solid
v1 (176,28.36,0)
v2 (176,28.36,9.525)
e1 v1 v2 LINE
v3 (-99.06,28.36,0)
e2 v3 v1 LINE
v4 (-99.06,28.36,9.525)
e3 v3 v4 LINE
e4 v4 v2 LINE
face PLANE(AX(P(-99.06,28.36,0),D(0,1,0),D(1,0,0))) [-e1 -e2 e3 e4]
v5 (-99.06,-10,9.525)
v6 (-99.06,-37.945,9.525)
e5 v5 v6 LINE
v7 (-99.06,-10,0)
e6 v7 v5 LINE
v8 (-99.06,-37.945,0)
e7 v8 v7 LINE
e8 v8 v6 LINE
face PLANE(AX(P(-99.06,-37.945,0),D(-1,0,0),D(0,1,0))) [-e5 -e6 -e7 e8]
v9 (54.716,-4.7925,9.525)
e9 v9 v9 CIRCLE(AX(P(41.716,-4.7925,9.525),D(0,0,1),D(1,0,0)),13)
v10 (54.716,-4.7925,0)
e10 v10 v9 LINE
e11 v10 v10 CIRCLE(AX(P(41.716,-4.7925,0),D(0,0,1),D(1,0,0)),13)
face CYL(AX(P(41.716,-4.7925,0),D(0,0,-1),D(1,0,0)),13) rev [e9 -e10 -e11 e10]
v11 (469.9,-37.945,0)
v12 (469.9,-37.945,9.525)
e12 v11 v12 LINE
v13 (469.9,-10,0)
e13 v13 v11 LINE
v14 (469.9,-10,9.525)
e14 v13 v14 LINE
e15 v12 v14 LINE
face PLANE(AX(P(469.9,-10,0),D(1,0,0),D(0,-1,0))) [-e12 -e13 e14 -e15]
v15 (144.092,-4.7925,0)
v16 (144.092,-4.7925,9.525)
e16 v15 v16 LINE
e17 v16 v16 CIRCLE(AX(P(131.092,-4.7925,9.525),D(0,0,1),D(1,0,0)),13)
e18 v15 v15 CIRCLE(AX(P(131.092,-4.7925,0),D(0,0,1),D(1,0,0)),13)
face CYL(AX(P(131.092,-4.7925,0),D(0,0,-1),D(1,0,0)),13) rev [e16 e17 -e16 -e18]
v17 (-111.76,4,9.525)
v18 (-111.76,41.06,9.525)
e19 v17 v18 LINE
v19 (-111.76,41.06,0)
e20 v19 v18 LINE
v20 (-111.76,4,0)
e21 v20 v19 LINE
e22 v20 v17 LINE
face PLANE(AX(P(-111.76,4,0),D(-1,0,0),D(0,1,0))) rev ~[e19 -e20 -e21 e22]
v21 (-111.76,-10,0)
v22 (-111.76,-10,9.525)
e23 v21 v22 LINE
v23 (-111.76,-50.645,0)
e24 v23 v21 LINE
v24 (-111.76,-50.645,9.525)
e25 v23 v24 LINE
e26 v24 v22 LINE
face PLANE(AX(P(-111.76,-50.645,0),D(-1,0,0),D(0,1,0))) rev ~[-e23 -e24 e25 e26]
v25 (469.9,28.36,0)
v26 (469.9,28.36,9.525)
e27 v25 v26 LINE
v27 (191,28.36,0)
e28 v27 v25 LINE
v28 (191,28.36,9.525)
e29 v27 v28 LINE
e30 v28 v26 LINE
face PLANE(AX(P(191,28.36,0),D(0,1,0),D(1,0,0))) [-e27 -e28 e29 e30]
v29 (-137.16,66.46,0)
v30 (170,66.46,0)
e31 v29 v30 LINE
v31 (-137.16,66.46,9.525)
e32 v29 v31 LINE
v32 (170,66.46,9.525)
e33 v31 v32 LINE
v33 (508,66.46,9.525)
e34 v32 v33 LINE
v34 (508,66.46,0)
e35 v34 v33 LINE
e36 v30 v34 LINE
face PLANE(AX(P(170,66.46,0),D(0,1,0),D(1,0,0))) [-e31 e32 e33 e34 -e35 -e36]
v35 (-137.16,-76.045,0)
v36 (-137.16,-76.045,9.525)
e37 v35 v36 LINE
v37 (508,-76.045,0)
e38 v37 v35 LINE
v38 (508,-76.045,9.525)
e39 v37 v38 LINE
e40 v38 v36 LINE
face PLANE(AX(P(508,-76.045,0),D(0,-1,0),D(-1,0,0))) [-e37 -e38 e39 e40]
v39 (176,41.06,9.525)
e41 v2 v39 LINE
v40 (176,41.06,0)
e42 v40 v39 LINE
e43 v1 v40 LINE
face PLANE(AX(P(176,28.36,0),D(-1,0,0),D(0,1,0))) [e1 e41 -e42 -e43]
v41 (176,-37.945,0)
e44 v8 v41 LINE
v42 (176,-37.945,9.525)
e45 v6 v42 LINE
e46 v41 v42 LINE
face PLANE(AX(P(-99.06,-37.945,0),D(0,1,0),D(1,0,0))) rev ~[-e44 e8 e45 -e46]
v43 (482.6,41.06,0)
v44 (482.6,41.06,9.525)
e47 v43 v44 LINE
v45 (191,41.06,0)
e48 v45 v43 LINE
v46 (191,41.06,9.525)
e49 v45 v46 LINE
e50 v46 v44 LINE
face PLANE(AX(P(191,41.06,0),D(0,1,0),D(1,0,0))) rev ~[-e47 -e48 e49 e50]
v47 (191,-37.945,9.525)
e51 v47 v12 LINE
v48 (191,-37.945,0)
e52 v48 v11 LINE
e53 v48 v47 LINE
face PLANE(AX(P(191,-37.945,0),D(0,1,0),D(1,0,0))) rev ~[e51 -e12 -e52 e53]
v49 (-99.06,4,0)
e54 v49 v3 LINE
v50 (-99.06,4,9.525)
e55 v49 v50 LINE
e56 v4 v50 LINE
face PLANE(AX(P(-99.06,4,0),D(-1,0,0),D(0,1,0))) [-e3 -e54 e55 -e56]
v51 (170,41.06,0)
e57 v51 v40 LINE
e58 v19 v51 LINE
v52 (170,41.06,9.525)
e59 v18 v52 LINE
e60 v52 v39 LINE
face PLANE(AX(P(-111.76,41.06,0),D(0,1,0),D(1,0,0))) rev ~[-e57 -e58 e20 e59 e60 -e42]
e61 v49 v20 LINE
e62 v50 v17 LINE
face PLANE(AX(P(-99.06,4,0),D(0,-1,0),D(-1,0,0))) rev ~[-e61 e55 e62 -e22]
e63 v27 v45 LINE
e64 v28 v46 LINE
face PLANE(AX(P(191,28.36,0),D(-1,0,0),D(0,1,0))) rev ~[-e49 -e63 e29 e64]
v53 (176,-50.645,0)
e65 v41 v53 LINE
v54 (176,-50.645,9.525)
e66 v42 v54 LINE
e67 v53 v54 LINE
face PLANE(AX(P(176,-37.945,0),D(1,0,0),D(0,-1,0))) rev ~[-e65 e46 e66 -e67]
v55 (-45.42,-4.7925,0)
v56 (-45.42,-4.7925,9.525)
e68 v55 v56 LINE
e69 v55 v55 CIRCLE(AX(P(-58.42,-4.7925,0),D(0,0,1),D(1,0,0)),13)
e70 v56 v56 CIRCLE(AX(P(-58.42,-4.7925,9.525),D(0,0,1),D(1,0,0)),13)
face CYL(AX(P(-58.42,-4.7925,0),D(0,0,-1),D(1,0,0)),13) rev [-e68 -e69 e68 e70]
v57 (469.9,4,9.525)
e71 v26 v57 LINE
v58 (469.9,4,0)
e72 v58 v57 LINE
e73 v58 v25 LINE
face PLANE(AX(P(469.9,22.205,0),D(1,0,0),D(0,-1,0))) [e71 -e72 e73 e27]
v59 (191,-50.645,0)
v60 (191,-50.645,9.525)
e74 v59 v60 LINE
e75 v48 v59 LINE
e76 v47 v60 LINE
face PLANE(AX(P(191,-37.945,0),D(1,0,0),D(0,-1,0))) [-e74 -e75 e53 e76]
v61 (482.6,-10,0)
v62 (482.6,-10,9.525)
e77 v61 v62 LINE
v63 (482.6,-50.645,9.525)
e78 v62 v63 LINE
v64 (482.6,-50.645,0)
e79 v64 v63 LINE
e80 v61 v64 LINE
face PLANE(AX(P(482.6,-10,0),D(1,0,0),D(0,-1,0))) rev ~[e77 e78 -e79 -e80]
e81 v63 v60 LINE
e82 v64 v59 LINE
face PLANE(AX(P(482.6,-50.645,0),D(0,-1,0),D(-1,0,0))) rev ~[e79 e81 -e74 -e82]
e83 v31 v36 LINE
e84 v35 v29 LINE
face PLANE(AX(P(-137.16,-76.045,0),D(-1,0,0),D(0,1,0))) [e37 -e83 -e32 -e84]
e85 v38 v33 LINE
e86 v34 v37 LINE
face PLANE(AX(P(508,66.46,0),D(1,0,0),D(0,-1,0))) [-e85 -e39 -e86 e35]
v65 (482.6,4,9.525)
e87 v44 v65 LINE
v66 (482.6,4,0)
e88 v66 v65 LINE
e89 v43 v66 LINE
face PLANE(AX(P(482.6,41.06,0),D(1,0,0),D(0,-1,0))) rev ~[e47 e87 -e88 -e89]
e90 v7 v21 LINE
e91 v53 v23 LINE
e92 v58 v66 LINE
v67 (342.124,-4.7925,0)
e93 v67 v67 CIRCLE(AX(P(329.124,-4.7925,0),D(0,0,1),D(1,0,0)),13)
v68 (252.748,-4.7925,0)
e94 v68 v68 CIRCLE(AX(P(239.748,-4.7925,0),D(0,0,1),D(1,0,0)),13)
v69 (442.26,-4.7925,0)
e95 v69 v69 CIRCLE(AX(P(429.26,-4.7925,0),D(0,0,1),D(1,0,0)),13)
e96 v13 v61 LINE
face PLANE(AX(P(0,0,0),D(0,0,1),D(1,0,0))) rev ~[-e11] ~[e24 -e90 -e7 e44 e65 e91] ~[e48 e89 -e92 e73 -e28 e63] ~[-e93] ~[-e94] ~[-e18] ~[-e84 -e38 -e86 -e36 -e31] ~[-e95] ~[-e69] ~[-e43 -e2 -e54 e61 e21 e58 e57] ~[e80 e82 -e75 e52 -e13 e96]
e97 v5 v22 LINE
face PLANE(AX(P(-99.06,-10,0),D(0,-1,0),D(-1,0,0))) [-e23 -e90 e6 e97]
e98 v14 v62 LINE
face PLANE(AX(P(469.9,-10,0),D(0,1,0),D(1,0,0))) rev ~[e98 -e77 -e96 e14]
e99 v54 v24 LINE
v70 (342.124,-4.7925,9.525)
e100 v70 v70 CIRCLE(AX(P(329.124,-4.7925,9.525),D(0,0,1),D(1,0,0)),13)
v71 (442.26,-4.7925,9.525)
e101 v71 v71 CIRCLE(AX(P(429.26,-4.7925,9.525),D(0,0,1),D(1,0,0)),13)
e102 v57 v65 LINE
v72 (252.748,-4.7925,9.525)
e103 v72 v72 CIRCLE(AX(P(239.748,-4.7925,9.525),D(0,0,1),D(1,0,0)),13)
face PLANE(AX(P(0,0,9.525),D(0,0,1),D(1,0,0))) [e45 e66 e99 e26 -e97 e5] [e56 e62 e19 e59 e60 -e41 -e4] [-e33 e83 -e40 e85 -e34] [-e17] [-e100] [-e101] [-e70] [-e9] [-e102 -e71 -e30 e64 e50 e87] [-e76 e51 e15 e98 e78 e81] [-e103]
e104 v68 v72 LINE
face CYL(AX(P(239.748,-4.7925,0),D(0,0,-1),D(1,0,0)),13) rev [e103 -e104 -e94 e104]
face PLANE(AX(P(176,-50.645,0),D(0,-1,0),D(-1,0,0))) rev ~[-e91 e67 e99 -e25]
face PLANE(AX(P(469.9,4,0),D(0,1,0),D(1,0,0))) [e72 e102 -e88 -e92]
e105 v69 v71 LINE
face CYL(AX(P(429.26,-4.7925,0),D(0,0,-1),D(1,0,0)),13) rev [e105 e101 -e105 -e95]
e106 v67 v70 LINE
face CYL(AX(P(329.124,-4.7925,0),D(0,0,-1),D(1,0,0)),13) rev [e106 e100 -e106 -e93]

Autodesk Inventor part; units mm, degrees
ref_plane "YZ Plane" through (0, 0, 0) normal (1, 0, 0) x (0, 1, 0)
ref_plane "XZ Plane" through (0, 0, 0) normal (0, 1, 0) x (-1, 0, 0)
ref_plane "XY Plane" through (0, 0, 0) normal (0, 0, 1) x (1, 0, 0)
sketch "Sketch1" plane through (0, 0, 0) normal (0, 0, 1) x (1, 0, 0)
  line L0 (469.9, 22.205) -> (469.9, -34.945)
  line L1 (-99.06, -34.945) -> (-99.06, 22.205)
  circle A0 centre (-58.42, -4.7925) radius 13
  circle A1 centre (41.716, -4.7925) radius 13
  circle A2 centre (131.092, -4.7925) radius 13
  circle A3 centre (429.26, -4.7925) radius 13
  circle A4 centre (329.124, -4.7925) radius 13
  circle A5 centre (239.748, -4.7925) radius 13
  line L2 (-99.06, 28.36) -> (469.9, 28.36)
  line L3 (-99.06, -37.945) -> (469.9, -37.945)
  line L4 (-99.06, 22.205) -> (-99.06, 28.36)
  line L5 (-99.06, -37.945) -> (-99.06, -34.945)
  line L6 (469.9, -37.945) -> (469.9, -34.945)
  line L7 (469.9, 22.205) -> (469.9, 28.36)
  line L8 (-111.76, 41.06) -> (482.6, 41.06)
  line L9 (482.6, 41.06) -> (482.6, -50.645)
  line L10 (482.6, -50.645) -> (-111.76, -50.645)
  line L11 (-111.76, -50.645) -> (-111.76, 41.06)
  line L12 (508, 63.305) -> (508, -76.045)
  line L13 (508, -76.045) -> (-137.16, -76.045)
  line L14 (-137.16, -76.045) -> (-137.16, 63.305)
  line L15 (170, 41.06) -> (170, 66.46)
  line L16 (-137.16, 66.46) -> (508, 66.46)
  line L17 (508, 66.46) -> (508, 63.305)
  line L18 (-137.16, 66.46) -> (-137.16, 62)
  line L19 (-99.06, 4) -> (-111.76, 4)
  line L20 (-99.06, -10) -> (-111.76, -10)
  line L21 (176, 28.36) -> (176, 41.06)
  line L22 (191, 28.36) -> (191, 41.06)
  line L23 (176, -37.945) -> (176, -50.645)
  line L24 (191, -37.945) -> (191, -50.645)
  line L25 (469.9, 4) -> (482.6, 4)
  line L26 (469.9, -10) -> (482.6, -10)
  point P0 (0, 0)
  dimension "d4" = 26
  dimension "d6" = 26
  dimension "d8" = 26
  dimension "d10" = 26
  dimension "d12" = 26
  dimension "d14" = 26
  dimension "d16" = 568.96
  dimension "d18" = 40.64
  dimension "d19" = 140.776
  dimension "d20" = 230.152
  dimension "d21" = 230.152
  dimension "d22" = 40.64
  dimension "d23" = 140.776
  dimension "d29" = 66.305
  dimension "d45" = 33.1525
  dimension "d46" = 33.1525
  dimension "d47" = 33.1525
  dimension "d48" = 33.1525
  dimension "d49" = 33.1525
  dimension "d50" = 33.1525
  dimension "d52" = 12.7
  dimension "d53" = 12.7
  dimension "d54" = 25.4
  dimension "d56" = 25.4
  dimension "d57" = 15
extrude "Extrusion4" add sketch "Sketch1" along normal blind 9.525 contours L0 L6 L3 L5 L1 L4 L2 L7 | L25 L9 L26 L0 | L16 L17 L12 L13 L14 L18 | L2 L21 L8 L22 | L24 L10 L23 L3 | L1 L20 L11 L19
properties part number "side"
